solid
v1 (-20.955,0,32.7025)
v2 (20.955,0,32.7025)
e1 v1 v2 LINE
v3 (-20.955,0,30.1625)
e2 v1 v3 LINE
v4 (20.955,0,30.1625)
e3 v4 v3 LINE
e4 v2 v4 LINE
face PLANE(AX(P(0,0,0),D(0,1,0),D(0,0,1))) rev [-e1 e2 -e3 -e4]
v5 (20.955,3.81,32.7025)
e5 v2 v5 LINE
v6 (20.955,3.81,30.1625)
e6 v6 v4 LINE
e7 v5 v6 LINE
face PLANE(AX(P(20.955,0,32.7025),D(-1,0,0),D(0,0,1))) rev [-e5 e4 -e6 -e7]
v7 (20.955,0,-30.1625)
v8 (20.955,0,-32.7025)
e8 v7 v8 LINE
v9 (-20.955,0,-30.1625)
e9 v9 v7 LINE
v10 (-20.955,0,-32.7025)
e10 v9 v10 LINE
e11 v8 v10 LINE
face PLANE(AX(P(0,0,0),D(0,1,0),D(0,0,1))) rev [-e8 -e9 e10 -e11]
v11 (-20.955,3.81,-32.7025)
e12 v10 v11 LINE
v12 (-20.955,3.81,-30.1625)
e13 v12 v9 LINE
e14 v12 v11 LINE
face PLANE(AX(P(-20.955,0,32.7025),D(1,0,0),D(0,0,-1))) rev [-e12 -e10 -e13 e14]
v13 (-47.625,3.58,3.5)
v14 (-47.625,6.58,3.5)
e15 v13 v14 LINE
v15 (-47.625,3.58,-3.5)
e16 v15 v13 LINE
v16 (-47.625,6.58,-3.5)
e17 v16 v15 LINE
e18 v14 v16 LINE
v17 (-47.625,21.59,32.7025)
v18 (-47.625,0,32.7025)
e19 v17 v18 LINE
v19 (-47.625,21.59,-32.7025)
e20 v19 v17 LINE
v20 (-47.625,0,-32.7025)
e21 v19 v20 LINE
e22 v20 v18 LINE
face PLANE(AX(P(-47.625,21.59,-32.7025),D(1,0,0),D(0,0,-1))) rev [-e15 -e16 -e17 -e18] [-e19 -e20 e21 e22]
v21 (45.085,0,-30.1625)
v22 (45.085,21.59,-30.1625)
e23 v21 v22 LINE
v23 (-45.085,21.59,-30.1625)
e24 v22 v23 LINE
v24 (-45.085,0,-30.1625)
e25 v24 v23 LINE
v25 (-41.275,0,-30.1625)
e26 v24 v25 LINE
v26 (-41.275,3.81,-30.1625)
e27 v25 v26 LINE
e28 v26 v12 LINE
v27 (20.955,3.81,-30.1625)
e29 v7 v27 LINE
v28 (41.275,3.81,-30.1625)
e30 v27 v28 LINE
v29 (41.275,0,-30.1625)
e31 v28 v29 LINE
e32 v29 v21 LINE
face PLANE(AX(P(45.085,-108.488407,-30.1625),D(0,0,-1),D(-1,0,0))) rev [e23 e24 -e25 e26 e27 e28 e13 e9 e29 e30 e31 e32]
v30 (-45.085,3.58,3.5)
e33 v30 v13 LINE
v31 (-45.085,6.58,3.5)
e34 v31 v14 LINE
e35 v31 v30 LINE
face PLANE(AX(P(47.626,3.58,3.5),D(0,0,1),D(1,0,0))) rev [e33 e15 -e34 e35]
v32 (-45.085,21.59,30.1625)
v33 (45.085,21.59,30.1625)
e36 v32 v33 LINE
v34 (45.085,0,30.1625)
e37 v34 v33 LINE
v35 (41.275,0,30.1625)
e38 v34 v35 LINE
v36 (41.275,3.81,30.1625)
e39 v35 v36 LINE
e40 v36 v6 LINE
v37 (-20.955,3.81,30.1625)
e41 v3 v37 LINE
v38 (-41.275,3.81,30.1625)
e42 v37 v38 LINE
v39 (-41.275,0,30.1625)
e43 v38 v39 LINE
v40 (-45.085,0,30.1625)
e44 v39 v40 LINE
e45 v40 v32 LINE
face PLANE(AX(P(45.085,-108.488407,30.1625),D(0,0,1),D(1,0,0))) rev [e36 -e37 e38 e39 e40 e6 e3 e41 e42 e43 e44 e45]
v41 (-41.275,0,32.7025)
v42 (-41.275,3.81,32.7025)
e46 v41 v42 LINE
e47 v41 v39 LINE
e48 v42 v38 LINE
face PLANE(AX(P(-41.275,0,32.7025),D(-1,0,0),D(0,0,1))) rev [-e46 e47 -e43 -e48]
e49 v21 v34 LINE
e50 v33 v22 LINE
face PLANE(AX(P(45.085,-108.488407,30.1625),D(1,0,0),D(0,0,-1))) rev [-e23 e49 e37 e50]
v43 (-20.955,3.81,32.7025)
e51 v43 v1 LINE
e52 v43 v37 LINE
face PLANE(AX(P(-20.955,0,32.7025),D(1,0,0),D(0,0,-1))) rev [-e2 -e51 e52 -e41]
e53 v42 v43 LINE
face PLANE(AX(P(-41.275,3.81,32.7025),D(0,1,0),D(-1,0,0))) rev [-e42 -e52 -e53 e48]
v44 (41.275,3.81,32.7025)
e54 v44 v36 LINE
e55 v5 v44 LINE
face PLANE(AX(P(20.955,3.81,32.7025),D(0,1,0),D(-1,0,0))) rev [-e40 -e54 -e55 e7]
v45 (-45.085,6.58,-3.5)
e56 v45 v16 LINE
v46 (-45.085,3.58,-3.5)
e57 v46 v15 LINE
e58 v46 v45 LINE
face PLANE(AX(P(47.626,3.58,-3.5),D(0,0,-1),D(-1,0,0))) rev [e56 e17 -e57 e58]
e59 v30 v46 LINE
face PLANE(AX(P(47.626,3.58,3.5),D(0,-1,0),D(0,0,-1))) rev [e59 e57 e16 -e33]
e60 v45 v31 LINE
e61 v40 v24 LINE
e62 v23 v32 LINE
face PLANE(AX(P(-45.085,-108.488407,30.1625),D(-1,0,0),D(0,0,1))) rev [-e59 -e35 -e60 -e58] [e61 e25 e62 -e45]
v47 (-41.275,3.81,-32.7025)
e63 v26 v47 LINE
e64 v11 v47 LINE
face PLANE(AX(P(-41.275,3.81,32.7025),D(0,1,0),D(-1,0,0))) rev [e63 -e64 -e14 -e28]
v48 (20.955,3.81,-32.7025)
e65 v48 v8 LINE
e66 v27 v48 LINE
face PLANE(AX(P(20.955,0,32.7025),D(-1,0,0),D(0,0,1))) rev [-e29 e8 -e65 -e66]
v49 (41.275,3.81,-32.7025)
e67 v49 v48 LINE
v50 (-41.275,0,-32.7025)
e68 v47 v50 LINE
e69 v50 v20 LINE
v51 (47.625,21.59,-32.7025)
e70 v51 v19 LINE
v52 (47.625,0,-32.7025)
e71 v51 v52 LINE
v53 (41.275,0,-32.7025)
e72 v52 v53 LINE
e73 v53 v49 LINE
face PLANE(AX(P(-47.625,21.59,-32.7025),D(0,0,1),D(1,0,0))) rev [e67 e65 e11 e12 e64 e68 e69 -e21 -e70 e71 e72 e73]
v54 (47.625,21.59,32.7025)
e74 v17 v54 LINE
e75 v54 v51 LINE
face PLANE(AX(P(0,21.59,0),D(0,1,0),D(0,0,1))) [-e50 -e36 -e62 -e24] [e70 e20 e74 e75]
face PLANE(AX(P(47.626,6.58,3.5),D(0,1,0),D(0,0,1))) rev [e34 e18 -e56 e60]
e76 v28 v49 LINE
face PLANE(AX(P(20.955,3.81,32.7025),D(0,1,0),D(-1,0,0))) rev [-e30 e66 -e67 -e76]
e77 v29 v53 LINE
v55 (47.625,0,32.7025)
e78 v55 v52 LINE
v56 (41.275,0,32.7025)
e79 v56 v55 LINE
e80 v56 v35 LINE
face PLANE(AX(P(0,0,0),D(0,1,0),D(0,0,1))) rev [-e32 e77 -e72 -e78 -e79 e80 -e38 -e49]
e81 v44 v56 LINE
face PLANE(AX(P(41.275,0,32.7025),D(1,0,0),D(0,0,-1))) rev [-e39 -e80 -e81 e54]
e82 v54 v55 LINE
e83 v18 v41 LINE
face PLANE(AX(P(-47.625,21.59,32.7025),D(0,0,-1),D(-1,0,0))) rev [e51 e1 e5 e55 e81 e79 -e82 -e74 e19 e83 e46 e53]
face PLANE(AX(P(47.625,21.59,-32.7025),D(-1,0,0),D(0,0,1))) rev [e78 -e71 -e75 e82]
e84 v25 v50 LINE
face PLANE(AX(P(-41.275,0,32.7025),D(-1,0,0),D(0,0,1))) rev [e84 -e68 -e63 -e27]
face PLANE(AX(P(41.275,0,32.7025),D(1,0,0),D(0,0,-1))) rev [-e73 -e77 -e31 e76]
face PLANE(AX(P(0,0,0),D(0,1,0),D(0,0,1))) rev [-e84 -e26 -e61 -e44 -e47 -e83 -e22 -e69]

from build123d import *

# Parameters (mm, degrees)
SKETCH1_W               = 95.25
SKETCH1_H               = 65.405
BOSS_EXTRUDE1_DEPTH     = 21.59
SKETCH2_W               = 90.17
SKETCH2_H               = 60.325
CUT_EXTRUDE1_DEPTH      = 21.59
CUT_EXTRUDE2_REACH      = 104.996
SKETCH3_W               = 7
SKETCH3_H               = 3
CUT_EXTRUDE3_DEPTH      = 84.738179763
CUT_EXTRUDE3_DEPTH_BACK = 84.738179763
SKETCH4_W               = 20.32
SKETCH4_H               = 3.81


with BuildPart() as part:
    # Sketch1 → Boss-Extrude1 (new body)
    with BuildSketch(Plane(origin=(0, 0, 0), x_dir=(1, 0, 0), z_dir=(0, 1, 0))):
        Rectangle(SKETCH1_W, SKETCH1_H)
    extrude(amount=BOSS_EXTRUDE1_DEPTH)

    # Sketch2 → Cut-Extrude1 (cut)
    with BuildSketch(Plane(origin=(0, 21.59, 0), x_dir=(1, 0, 0), z_dir=(0, 1, 0))):
        Rectangle(SKETCH2_W, SKETCH2_H)
    extrude(amount=-CUT_EXTRUDE1_DEPTH, mode=Mode.SUBTRACT)

    # Sketch3 → Cut-Extrude2 (cut, up to next)
    with BuildSketch(Plane.ZY.offset(47.625), mode=Mode.PRIVATE) as cut_extrude2_sk1:
        with Locations((0, 5.08)):
            Rectangle(SKETCH3_W, SKETCH3_H)
    cut_extrude2_tool1 = extrude(cut_extrude2_sk1.sketch, amount=-CUT_EXTRUDE2_REACH, mode=Mode.PRIVATE) & part.part
    add(cut_extrude2_tool1.solids().sort_by_distance((-47.625, 5.08, 0))[0], mode=Mode.SUBTRACT)

    # Sketch4 → Cut-Extrude3 (cut, two sides: drawn at the far end of the back side and taken through both)
    with BuildSketch(Plane(origin=(0, 0, -32.7025), x_dir=(-1, 0, 0), z_dir=(0, 0, -1)).offset(-CUT_EXTRUDE3_DEPTH_BACK)):
        with Locations((-31.115, 1.905)):
            Rectangle(SKETCH4_W, SKETCH4_H)
        with Locations((31.115, 1.905)):
            Rectangle(SKETCH4_W, SKETCH4_H)
    extrude(amount=CUT_EXTRUDE3_DEPTH + CUT_EXTRUDE3_DEPTH_BACK, mode=Mode.SUBTRACT)


solid = part.part
